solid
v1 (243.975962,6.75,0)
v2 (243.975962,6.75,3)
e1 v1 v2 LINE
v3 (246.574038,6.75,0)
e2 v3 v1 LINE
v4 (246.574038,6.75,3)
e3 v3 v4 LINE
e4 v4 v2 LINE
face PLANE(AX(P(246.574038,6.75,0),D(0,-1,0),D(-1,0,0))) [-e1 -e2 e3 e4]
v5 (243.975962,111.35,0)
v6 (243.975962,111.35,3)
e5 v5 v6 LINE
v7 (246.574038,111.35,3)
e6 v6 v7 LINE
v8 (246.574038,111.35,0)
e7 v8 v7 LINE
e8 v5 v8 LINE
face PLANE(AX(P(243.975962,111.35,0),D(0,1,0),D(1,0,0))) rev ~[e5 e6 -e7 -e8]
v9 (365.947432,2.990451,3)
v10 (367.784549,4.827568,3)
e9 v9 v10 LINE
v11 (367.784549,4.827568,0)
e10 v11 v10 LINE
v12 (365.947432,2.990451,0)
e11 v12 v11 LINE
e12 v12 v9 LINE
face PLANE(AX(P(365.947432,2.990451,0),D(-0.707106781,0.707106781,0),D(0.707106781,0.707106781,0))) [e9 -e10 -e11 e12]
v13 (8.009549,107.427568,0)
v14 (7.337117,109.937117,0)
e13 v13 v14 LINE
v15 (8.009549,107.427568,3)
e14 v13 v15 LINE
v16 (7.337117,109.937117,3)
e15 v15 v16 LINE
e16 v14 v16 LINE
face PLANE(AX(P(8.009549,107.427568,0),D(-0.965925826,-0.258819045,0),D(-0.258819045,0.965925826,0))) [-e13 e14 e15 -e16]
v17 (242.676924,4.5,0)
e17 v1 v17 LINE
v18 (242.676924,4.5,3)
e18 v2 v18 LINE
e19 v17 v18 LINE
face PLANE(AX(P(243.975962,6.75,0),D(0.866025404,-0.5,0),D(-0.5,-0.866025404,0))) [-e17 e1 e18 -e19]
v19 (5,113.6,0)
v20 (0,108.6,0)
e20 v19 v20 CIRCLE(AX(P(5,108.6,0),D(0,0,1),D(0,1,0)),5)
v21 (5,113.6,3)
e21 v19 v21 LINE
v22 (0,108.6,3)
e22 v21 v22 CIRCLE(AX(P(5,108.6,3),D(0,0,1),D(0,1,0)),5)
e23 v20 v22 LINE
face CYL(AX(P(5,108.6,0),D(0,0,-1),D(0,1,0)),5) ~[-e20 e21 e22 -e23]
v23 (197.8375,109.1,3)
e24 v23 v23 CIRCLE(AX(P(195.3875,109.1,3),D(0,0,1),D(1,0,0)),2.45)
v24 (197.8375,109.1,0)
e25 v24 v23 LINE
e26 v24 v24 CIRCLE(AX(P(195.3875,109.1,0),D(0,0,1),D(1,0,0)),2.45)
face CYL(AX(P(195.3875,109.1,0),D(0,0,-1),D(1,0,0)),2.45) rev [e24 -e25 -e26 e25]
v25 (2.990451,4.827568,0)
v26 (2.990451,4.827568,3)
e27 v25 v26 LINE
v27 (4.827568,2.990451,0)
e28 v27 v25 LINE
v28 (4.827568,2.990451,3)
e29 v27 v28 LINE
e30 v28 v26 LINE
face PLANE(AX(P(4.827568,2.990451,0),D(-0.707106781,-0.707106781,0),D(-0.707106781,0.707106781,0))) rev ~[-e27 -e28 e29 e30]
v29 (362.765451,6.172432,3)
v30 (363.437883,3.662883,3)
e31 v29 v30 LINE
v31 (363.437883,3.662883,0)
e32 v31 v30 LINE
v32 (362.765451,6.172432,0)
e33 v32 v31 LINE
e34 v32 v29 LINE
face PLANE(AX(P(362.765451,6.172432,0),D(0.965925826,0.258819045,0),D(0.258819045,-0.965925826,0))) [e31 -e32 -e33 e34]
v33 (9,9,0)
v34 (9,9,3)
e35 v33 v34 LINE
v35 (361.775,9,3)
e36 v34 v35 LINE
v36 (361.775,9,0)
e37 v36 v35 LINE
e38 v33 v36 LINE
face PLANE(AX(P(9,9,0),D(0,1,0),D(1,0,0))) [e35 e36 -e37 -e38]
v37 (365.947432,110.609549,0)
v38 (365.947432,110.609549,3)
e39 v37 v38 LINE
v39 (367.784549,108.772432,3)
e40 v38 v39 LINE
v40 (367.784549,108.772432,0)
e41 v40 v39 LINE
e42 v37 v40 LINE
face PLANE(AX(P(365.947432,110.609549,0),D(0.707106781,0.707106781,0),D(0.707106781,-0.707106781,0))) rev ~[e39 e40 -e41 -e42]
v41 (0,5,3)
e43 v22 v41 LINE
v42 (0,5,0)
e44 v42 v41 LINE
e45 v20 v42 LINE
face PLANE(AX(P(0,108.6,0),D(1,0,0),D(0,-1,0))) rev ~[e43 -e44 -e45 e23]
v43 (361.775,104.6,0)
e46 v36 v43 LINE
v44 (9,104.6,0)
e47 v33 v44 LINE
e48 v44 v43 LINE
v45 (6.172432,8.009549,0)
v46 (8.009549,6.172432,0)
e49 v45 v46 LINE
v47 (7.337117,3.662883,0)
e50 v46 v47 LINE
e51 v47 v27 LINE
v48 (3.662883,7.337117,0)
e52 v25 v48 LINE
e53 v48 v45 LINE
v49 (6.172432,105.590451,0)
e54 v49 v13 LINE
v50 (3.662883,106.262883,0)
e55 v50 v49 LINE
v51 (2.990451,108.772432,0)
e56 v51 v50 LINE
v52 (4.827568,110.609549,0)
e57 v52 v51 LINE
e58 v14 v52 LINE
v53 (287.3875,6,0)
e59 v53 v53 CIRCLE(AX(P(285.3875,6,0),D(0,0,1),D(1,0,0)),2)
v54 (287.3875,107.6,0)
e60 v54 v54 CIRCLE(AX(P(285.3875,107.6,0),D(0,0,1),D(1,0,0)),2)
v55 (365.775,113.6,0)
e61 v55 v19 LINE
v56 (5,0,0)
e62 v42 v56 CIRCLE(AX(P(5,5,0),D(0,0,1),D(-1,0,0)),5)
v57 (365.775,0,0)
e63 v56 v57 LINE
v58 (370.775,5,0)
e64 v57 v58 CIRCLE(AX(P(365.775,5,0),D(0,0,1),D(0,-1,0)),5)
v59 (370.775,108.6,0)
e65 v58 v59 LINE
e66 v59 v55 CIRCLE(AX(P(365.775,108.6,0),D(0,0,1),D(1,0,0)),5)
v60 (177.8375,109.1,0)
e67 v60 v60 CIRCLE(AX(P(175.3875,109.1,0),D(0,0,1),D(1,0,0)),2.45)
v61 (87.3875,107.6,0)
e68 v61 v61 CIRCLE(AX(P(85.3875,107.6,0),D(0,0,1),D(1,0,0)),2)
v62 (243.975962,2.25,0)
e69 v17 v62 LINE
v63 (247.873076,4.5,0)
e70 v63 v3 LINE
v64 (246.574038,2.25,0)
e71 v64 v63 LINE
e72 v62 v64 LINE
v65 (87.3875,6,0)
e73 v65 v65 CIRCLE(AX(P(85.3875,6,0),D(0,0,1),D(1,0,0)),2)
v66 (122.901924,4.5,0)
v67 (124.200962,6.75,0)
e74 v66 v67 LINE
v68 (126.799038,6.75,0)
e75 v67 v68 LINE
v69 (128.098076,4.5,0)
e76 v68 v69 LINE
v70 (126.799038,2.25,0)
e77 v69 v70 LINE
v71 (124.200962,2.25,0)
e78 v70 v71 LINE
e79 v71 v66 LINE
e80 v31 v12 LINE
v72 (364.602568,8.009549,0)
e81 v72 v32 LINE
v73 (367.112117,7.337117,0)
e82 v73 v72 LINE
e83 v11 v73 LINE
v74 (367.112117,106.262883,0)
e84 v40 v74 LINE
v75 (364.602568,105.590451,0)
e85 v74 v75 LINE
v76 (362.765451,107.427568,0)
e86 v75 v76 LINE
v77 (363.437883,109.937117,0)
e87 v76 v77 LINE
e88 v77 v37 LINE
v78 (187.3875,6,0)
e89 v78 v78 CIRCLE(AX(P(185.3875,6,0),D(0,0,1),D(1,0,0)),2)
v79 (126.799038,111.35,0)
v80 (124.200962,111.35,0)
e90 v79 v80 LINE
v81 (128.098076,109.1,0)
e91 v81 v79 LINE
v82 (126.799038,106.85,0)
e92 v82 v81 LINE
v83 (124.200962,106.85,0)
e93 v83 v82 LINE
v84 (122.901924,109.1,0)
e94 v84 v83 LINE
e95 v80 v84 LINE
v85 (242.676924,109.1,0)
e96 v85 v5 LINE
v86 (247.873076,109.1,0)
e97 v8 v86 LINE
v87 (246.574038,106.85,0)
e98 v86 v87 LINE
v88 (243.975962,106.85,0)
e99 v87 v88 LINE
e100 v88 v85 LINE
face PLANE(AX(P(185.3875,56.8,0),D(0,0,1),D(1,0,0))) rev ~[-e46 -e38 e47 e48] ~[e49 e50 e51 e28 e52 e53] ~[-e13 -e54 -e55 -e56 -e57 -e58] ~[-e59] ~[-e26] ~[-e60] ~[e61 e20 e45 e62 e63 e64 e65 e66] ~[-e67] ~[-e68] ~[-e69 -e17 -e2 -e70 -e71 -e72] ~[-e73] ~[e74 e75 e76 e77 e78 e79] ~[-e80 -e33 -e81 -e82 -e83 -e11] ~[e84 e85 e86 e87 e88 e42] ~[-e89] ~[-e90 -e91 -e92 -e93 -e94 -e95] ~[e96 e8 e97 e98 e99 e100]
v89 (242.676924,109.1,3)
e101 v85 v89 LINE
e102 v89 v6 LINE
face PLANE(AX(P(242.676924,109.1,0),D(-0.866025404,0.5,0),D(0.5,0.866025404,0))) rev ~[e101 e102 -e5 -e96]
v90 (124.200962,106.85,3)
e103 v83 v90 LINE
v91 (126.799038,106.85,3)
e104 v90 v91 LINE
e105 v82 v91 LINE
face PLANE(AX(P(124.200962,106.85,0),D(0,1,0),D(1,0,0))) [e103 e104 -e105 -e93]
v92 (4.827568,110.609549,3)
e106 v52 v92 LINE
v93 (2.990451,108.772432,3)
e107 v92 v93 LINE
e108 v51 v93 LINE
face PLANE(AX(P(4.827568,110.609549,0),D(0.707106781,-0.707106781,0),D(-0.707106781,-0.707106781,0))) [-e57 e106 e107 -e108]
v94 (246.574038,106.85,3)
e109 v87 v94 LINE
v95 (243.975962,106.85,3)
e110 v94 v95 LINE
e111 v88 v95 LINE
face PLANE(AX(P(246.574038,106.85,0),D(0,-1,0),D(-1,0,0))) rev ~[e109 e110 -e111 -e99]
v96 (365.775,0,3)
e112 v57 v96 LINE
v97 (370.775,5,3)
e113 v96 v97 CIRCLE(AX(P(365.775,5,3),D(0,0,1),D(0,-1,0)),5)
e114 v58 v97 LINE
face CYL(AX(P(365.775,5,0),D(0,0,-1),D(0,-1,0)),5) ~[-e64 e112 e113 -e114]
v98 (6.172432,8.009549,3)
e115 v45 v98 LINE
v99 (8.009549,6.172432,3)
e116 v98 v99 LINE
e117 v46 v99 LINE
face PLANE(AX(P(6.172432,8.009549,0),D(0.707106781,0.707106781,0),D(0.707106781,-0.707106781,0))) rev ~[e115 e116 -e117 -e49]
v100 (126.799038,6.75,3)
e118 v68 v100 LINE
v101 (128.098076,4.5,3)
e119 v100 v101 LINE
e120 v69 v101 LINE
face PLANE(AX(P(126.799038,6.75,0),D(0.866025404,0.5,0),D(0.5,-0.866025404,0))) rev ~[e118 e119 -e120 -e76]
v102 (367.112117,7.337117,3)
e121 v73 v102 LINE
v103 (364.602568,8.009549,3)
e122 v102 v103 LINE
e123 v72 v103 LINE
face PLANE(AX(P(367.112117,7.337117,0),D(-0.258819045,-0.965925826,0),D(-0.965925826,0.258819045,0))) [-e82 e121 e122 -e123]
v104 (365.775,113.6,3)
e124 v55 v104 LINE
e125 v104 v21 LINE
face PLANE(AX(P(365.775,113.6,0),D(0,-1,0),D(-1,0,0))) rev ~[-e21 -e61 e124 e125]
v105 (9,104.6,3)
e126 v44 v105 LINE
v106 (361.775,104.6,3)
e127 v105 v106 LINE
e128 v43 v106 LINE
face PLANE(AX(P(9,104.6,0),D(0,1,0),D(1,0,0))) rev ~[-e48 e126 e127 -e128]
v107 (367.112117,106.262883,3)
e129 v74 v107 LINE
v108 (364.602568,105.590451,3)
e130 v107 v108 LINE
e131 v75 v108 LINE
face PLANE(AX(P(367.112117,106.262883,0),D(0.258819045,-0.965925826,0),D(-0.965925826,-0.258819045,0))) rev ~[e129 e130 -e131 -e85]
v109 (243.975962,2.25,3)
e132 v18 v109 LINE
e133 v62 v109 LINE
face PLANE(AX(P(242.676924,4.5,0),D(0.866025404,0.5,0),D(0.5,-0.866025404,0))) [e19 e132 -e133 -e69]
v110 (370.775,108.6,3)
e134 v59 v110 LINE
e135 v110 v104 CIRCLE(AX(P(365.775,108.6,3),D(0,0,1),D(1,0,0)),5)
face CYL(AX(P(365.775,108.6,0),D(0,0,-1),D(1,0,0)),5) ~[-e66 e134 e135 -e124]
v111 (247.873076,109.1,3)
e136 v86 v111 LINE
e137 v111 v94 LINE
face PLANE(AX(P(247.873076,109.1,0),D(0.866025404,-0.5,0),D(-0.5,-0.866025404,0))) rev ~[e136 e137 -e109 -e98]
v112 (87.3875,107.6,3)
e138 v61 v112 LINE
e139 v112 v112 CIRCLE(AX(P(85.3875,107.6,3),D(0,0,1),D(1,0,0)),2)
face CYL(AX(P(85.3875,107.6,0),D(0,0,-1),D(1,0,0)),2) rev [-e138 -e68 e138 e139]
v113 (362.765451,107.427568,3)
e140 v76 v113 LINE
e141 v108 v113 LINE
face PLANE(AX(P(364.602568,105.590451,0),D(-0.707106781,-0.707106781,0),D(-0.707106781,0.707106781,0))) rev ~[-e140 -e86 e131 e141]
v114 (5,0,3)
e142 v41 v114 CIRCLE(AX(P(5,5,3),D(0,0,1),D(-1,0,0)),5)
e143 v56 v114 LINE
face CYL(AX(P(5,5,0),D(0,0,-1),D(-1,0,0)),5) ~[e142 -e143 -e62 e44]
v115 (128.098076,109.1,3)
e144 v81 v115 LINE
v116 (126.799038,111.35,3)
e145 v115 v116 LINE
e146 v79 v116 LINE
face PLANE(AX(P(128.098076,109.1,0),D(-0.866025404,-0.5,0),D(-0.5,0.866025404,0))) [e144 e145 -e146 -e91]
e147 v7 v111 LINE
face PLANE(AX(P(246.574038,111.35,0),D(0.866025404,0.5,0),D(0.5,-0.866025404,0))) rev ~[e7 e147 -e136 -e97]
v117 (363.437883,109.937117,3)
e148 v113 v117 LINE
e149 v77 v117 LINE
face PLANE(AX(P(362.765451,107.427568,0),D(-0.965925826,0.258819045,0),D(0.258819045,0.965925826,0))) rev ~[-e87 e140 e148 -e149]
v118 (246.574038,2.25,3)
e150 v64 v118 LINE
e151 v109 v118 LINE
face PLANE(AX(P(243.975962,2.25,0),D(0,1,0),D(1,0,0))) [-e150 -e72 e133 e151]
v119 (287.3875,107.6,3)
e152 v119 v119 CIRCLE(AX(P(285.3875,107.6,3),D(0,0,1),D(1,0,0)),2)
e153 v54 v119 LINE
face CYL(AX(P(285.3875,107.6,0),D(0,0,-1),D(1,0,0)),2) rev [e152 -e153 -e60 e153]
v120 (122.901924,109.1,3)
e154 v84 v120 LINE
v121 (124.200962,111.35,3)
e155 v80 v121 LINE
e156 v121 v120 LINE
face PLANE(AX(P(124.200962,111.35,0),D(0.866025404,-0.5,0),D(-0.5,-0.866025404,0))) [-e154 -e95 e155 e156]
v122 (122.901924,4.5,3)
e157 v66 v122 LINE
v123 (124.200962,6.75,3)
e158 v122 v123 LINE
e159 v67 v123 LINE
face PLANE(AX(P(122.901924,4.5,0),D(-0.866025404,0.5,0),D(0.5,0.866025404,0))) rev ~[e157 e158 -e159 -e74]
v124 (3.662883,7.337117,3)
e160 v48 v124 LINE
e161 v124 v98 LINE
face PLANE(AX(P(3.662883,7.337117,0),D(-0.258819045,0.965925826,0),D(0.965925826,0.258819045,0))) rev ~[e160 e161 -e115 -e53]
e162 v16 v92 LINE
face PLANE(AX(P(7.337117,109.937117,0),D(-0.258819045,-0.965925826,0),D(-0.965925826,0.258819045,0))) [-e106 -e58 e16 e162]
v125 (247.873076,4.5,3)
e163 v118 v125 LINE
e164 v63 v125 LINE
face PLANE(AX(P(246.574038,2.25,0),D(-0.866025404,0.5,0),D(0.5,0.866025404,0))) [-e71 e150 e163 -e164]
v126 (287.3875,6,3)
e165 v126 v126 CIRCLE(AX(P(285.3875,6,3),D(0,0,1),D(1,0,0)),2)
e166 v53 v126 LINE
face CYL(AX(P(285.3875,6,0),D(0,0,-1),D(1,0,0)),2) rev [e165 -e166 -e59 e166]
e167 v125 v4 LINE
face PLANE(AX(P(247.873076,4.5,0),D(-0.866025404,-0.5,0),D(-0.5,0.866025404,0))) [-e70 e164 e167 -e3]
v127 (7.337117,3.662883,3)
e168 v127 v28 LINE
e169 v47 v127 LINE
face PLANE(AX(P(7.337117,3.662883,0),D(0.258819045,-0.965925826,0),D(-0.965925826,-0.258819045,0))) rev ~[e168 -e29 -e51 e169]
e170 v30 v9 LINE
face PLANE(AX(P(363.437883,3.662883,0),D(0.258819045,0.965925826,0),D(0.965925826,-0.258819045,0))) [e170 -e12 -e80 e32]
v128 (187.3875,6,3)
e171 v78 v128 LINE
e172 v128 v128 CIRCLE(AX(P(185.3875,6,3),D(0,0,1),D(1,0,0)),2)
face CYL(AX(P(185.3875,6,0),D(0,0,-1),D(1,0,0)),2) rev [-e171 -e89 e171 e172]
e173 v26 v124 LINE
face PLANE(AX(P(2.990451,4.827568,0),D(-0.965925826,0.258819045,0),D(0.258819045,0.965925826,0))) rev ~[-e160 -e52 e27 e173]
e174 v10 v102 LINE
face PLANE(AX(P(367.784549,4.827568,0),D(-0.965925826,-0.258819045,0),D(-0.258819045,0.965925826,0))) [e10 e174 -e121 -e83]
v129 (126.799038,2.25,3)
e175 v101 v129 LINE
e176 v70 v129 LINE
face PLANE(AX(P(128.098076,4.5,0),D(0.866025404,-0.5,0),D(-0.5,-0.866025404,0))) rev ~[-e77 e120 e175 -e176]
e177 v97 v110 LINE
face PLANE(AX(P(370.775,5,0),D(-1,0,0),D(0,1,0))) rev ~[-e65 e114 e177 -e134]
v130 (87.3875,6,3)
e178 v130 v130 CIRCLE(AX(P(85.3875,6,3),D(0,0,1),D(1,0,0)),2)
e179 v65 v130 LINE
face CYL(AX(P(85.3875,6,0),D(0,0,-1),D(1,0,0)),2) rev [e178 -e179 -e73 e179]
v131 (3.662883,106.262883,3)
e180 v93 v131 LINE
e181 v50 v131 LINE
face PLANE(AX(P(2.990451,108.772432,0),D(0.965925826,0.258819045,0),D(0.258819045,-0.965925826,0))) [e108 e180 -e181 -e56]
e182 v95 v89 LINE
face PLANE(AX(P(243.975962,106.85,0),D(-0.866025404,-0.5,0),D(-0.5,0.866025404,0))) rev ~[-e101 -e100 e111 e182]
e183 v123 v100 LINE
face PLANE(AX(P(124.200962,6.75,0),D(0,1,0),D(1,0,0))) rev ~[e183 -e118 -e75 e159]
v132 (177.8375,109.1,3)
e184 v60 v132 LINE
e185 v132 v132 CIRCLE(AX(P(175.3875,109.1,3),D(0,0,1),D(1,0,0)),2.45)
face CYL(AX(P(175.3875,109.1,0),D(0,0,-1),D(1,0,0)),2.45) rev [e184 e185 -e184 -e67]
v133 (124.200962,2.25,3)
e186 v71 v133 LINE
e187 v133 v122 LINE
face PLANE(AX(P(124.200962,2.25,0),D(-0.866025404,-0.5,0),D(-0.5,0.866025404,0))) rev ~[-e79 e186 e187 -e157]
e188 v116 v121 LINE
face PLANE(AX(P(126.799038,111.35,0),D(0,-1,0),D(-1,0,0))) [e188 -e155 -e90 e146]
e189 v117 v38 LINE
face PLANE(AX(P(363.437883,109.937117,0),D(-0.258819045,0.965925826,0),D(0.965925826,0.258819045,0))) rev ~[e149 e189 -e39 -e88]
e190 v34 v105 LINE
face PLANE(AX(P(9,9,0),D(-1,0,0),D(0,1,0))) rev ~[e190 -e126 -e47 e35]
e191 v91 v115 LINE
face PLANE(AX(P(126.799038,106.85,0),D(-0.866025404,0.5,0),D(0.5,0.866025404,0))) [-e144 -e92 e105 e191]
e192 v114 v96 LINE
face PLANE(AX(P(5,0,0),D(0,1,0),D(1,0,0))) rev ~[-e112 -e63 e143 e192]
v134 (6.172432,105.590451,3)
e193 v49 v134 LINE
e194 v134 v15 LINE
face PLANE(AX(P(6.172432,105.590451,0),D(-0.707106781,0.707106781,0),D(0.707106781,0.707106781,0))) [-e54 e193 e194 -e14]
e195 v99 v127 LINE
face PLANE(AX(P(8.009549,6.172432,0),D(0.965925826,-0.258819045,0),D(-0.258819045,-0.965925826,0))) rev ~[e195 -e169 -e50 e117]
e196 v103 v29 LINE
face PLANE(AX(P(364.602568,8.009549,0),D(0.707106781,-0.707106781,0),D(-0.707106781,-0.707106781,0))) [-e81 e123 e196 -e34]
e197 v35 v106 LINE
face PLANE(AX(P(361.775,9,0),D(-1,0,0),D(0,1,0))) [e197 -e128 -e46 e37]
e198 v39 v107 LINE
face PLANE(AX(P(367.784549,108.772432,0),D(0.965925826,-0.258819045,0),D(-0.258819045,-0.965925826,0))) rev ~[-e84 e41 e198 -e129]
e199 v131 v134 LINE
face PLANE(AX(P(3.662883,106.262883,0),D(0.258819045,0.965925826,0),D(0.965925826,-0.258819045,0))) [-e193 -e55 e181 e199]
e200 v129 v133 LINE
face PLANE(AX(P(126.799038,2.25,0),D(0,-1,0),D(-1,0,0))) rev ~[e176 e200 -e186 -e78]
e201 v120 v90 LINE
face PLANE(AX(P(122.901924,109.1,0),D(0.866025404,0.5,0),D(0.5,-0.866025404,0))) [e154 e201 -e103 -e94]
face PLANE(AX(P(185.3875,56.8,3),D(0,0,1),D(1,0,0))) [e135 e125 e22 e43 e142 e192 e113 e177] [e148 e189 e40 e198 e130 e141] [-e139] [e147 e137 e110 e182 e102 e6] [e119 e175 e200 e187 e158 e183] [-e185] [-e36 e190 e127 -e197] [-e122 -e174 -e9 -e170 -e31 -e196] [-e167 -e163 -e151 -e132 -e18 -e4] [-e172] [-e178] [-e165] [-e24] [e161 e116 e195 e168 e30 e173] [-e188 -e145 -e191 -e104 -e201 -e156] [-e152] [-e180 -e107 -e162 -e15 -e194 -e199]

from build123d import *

# Parameters (mm, degrees)
MODEL_R             = 2
MODEL_R_2           = 2.45
MODEL_W             = 352.775
MODEL_H             = 95.6
BOSS_EXTRUDE1_DEPTH = 3


with BuildPart() as part:
    # Model → Boss-Extrude1 (new body)
    with BuildSketch(Plane.XY):
        with BuildLine():
            Line((0, 108.6), (0, 5))
            ThreePointArc((0, 5), (1.464466094, 1.464466094), (5, 0))
            Line((5, 0), (365.775, 0))
            ThreePointArc((365.775, 0), (369.310533906, 1.464466094), (370.775, 5))
            Line((370.775, 5), (370.775, 108.6))
            ThreePointArc((370.775, 108.6), (369.310533906, 112.135533906), (365.775, 113.6))
            Line((365.775, 113.6), (5, 113.6))
            ThreePointArc((5, 113.6), (1.464466094, 112.135533906), (0, 108.6))
        make_face()
        with Locations((85.3875, 107.6)):
            Circle(MODEL_R, mode=Mode.SUBTRACT)
        with Locations((285.3875, 107.6)):
            Circle(MODEL_R, mode=Mode.SUBTRACT)
        with Locations((85.3875, 6)):
            Circle(MODEL_R, mode=Mode.SUBTRACT)
        with Locations((185.3875, 6)):
            Circle(MODEL_R, mode=Mode.SUBTRACT)
        with Locations((285.3875, 6)):
            Circle(MODEL_R, mode=Mode.SUBTRACT)
        with Locations((175.3875, 109.1)):
            Circle(MODEL_R_2, mode=Mode.SUBTRACT)
        with Locations((195.3875, 109.1)):
            Circle(MODEL_R_2, mode=Mode.SUBTRACT)
        with Locations((185.3875, 56.8)):
            Rectangle(MODEL_W, MODEL_H, mode=Mode.SUBTRACT)
        Polygon((365.947431604, 110.609548911), (367.784548911, 108.772431604), (367.112117307, 106.262882693), (364.602568396, 105.590451089), (362.765451089, 107.427568396), (363.437882693, 109.937117307), align=None, mode=Mode.SUBTRACT)
        Polygon((4.827568396, 110.609548911), (2.990451089, 108.772431604), (3.662882693, 106.262882693), (6.172431604, 105.590451089), (8.009548911, 107.427568396), (7.337117307, 109.937117307), align=None, mode=Mode.SUBTRACT)
        Polygon((365.947431604, 2.990451089), (367.784548911, 4.827568396), (367.112117307, 7.337117307), (364.602568396, 8.009548911), (362.765451089, 6.172431604), (363.437882693, 3.662882693), align=None, mode=Mode.SUBTRACT)
        Polygon((4.827568396, 2.990451089), (2.990451089, 4.827568396), (3.662882693, 7.337117307), (6.172431604, 8.009548911), (8.009548911, 6.172431604), (7.337117307, 3.662882693), align=None, mode=Mode.SUBTRACT)
        Polygon((126.799038106, 2.25), (124.200961894, 2.25), (122.901923789, 4.5), (124.200961894, 6.75), (126.799038106, 6.75), (128.098076211, 4.5), align=None, mode=Mode.SUBTRACT)
        Polygon((126.799038106, 111.35), (124.200961894, 111.35), (122.901923789, 109.1), (124.200961894, 106.85), (126.799038106, 106.85), (128.098076211, 109.1), align=None, mode=Mode.SUBTRACT)
        Polygon((243.975961894, 2.25), (246.574038106, 2.25), (247.873076211, 4.5), (246.574038106, 6.75), (243.975961894, 6.75), (242.676923789, 4.5), align=None, mode=Mode.SUBTRACT)
        Polygon((243.975961894, 111.35), (246.574038106, 111.35), (247.873076211, 109.1), (246.574038106, 106.85), (243.975961894, 106.85), (242.676923789, 109.1), align=None, mode=Mode.SUBTRACT)
    extrude(amount=BOSS_EXTRUDE1_DEPTH)


solid = part.part
